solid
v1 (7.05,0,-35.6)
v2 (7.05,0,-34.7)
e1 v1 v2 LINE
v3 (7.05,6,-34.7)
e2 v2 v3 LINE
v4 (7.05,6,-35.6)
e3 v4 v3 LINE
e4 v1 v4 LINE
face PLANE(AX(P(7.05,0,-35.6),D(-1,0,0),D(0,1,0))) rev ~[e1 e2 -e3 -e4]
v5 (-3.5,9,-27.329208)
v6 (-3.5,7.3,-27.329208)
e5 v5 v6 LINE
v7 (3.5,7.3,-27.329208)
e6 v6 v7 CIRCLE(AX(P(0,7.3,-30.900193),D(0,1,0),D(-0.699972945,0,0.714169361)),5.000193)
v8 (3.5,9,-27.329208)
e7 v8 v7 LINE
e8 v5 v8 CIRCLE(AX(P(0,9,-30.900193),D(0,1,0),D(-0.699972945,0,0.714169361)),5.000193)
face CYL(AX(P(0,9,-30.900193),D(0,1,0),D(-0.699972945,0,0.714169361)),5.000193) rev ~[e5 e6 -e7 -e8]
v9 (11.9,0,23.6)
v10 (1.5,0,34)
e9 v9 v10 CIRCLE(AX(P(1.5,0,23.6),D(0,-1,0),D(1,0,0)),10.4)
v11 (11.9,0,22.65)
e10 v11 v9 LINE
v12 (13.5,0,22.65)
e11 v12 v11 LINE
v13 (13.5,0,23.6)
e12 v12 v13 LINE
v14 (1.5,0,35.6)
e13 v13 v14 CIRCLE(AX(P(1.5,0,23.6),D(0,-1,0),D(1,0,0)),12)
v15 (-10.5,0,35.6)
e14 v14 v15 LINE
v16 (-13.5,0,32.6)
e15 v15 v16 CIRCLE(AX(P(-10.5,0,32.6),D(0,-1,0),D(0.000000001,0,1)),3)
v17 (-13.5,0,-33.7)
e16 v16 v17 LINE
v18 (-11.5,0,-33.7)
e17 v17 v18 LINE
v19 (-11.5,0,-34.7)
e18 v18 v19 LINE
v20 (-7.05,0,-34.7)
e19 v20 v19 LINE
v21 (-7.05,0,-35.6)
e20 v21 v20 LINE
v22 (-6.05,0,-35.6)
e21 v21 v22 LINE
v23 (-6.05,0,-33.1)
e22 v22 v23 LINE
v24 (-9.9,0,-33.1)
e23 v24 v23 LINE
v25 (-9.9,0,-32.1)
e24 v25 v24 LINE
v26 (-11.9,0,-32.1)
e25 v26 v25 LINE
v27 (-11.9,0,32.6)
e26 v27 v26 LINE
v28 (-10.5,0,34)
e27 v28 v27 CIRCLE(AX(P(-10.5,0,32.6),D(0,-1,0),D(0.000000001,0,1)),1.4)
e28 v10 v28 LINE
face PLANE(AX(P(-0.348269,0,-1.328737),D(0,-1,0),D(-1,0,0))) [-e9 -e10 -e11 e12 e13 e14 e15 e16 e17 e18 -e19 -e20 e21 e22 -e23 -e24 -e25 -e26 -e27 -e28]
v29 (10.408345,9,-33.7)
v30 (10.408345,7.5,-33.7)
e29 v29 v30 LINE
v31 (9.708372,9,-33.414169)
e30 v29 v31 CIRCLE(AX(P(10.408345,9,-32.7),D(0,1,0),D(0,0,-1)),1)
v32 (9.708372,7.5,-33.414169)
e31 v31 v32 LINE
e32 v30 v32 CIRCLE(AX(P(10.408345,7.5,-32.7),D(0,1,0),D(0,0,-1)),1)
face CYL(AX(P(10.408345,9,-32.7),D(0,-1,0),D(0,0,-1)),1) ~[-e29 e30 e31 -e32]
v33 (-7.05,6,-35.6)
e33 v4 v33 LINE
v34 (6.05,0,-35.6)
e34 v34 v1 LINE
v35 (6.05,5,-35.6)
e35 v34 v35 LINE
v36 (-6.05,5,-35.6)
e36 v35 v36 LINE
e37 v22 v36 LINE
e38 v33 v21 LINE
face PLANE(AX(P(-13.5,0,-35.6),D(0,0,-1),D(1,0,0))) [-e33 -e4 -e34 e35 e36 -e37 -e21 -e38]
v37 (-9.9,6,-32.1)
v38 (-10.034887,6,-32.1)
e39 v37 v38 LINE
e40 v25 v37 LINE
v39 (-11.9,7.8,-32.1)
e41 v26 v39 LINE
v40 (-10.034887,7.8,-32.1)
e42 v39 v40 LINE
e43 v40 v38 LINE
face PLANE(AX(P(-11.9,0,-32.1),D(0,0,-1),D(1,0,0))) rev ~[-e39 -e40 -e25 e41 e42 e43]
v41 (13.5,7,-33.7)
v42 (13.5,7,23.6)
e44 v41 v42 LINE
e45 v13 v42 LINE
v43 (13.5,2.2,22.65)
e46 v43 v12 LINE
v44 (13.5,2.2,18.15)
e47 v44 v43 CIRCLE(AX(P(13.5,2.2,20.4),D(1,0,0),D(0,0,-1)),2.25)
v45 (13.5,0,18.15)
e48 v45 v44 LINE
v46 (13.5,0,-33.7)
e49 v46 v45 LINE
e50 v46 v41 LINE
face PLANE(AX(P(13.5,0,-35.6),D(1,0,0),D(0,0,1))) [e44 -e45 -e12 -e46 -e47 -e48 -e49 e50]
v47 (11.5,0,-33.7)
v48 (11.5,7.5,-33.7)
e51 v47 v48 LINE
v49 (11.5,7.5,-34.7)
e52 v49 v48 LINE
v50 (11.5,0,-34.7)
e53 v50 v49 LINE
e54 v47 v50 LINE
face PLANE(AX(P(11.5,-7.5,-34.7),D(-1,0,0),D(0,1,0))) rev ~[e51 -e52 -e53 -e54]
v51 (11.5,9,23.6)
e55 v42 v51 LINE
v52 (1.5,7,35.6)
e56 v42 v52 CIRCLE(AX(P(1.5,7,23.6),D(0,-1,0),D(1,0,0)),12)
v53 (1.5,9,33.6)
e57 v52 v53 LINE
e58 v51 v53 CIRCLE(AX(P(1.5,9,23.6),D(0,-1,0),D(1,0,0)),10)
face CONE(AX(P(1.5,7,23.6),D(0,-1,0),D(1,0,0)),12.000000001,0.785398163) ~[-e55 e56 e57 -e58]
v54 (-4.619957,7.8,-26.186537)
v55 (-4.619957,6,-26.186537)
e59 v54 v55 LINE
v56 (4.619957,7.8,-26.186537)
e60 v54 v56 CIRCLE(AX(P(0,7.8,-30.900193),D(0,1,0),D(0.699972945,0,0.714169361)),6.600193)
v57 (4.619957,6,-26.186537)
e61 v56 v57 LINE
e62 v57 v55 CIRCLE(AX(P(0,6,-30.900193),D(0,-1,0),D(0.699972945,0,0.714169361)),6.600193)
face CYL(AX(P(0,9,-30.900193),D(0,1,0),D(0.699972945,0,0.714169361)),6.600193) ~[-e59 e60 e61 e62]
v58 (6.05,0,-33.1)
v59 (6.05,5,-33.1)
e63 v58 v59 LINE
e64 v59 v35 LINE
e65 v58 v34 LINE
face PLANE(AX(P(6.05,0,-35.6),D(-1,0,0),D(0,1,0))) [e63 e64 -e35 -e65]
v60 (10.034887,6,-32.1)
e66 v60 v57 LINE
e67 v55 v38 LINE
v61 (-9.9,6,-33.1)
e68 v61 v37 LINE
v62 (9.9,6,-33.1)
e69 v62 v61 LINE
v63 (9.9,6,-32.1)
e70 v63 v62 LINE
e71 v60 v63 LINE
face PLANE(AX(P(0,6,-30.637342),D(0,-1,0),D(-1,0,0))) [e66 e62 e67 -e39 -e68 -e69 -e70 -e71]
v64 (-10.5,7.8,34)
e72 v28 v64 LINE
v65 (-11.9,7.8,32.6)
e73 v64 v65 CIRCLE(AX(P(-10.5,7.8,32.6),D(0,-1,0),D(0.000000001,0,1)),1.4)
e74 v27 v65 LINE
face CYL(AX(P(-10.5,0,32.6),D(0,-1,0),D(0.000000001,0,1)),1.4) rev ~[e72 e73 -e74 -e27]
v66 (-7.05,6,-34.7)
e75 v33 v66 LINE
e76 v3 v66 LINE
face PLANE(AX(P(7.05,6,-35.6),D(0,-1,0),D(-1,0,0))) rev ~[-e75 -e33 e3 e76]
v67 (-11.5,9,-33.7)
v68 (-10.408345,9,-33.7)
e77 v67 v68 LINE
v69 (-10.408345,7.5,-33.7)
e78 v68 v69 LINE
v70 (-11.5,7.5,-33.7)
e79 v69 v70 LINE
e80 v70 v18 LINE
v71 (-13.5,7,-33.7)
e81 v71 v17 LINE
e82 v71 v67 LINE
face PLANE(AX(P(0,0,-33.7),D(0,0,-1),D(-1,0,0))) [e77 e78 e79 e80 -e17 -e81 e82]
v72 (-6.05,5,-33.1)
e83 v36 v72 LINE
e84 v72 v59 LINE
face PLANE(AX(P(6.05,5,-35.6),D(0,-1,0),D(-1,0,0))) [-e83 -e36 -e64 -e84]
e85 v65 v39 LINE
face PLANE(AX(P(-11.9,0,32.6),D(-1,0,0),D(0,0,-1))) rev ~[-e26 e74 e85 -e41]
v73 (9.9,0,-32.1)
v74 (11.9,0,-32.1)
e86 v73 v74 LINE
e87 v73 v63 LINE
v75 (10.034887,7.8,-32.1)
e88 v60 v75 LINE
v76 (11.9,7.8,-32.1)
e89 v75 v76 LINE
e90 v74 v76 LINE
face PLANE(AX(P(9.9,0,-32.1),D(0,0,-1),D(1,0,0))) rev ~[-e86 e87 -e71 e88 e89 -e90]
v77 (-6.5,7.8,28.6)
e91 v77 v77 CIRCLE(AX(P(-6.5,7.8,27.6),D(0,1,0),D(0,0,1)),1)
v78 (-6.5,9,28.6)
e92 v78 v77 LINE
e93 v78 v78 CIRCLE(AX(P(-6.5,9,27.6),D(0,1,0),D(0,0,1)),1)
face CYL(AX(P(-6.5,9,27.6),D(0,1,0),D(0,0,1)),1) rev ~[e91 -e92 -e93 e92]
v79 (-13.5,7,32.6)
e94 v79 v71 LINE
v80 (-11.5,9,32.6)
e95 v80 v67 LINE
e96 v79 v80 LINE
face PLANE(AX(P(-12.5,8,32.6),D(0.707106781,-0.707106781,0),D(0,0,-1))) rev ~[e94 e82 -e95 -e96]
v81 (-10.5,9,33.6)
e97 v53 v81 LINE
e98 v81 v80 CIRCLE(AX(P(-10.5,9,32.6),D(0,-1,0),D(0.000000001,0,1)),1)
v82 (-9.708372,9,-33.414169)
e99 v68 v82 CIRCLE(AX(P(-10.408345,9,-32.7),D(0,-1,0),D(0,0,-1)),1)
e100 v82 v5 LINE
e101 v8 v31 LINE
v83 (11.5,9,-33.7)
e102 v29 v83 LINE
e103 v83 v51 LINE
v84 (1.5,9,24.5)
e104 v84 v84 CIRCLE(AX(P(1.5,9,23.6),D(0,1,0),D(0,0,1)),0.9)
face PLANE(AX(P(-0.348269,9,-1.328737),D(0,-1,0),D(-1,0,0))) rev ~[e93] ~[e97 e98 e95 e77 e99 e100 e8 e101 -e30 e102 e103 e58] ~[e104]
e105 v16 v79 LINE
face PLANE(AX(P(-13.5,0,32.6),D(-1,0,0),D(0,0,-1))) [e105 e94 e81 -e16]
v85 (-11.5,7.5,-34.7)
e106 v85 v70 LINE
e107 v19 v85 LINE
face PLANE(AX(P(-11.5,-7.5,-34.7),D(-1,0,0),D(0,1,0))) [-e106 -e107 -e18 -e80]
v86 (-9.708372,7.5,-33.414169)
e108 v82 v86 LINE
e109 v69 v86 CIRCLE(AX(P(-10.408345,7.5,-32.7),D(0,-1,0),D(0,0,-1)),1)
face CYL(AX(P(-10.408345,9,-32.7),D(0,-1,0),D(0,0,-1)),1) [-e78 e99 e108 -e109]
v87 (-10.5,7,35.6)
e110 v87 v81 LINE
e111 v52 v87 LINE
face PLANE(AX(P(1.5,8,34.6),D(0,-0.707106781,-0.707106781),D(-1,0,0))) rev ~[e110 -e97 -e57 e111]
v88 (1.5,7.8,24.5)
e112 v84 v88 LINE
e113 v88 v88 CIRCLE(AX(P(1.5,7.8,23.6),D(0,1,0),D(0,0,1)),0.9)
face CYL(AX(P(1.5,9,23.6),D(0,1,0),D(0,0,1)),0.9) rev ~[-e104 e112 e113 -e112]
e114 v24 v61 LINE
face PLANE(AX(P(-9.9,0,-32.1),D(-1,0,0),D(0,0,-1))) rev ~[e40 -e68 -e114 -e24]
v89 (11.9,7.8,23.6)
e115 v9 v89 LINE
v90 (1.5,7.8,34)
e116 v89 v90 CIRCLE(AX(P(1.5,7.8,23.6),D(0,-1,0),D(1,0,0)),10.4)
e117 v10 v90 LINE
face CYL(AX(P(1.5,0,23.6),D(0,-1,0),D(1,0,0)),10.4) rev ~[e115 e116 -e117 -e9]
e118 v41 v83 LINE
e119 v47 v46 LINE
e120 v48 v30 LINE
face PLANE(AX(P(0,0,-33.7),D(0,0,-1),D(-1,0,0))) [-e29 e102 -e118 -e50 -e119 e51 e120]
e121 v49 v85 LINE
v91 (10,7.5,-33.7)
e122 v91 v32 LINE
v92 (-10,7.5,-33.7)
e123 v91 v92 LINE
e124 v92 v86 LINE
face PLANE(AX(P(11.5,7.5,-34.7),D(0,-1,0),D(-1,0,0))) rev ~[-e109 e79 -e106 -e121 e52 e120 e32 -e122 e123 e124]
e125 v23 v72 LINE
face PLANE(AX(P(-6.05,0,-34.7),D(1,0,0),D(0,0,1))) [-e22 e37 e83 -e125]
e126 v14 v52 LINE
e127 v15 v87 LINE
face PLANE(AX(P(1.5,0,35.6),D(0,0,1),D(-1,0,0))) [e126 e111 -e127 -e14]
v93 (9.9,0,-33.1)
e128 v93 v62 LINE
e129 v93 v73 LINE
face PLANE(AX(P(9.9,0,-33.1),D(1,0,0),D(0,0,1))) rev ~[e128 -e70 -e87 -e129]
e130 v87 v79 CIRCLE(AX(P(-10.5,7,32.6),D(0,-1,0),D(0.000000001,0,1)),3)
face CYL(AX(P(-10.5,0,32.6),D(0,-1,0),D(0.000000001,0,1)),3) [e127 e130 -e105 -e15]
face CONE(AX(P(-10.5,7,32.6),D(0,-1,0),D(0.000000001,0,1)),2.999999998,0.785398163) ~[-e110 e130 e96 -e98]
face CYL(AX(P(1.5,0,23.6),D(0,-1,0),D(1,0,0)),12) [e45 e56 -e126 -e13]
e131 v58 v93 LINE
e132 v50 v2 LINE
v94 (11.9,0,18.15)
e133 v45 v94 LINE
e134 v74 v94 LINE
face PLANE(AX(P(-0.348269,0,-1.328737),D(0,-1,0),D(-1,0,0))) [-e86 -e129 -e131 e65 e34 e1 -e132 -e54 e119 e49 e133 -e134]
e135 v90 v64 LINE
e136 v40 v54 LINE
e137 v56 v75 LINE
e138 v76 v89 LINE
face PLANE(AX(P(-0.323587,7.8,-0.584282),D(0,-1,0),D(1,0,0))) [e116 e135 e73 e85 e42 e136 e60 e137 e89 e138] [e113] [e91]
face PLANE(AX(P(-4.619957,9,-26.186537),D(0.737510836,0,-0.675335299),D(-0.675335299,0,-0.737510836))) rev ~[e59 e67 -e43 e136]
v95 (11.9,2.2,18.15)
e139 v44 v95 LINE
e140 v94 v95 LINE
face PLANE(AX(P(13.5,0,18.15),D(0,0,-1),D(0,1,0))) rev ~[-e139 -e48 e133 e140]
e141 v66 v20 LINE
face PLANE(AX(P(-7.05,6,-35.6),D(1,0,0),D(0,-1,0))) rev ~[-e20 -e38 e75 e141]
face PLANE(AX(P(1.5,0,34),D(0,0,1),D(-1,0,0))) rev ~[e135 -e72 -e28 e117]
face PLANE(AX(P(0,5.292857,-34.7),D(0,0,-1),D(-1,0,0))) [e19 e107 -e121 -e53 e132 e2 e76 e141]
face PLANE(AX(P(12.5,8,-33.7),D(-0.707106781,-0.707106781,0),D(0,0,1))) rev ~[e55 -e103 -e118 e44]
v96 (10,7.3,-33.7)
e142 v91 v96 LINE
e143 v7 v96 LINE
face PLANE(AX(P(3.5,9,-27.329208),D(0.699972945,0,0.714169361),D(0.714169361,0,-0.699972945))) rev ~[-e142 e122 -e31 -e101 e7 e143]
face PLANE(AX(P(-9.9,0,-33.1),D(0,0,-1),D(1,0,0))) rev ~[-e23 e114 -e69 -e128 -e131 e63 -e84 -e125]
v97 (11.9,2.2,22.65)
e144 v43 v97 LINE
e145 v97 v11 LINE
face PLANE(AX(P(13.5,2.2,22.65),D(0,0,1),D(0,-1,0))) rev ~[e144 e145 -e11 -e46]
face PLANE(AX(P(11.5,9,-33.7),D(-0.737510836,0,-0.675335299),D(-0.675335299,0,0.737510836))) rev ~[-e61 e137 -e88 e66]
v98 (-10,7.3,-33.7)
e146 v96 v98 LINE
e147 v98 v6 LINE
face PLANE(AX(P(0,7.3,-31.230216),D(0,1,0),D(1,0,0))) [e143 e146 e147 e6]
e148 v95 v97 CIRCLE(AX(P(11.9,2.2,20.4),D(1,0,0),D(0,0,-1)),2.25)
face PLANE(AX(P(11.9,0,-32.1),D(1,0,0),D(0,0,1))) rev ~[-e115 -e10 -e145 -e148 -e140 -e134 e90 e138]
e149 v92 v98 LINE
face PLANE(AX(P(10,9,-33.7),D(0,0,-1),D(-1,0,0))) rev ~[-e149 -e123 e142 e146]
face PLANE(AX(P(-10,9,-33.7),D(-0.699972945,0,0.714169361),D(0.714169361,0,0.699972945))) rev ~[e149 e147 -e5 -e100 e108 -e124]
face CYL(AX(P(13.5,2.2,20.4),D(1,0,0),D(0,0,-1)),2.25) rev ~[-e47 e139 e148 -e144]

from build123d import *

# Parameters (mm, degrees)
EXTRUDE_1_DEPTH     = 9
SKETCH_2_W          = 12.1
SKETCH_2_H          = 5
CUT_EXTRUDE_1_DEPTH = 0.9
SKETCH_3_R          = 29.401854515
SKETCH_3_W          = 23
SKETCH_3_H          = 15
CUT_EXTRUDE_2_DEPTH = 1
CHAMFER_1_SIZE      = 2
CUT_EXTRUDE_4_DEPTH = 7.8
SKETCH_5_W          = 12.1
SKETCH_5_H          = 1.6
CUT_EXTRUDE_5_DEPTH = 5
SKETCH_6_R          = 1
SKETCH_6_R_2        = 0.9
CUT_EXTRUDE_6_DEPTH = 3
CUT_EXTRUDE_7_DEPTH = 3
EXTRUDE_2_DEPTH     = 3
CUT_EXTRUDE_9_DEPTH = 1.7
FILLET_1_R          = 1


with BuildPart() as part:
    # Эскиз1 → Бобышка-Вытянуть1 (new body)
    with BuildSketch(Plane(origin=(0, 0, 0), x_dir=(1, 0, 0), z_dir=(0, 1, 0))):
        with BuildLine():
            Line((-13.5, 35.6), (13.5, 35.6))
            Line((13.5, 35.6), (13.5, -23.6))
            ThreePointArc((13.5, -23.6), (9.985281374, -32.085281374), (1.5, -35.6))
            Line((1.5, -35.6), (-10.5, -35.6))
            ThreePointArc((-10.5, -35.6), (-12.621320344, -34.721320344), (-13.5, -32.6))
            Line((-13.5, -32.6), (-13.5, 35.6))
        make_face()
    extrude(amount=EXTRUDE_1_DEPTH)

    # Эскиз2 → Вырез-Вытянуть1 (cut)
    with BuildSketch(Plane(origin=(0, 0, -35.6), x_dir=(-1, 0, 0), z_dir=(0, 0, -1))):
        Polygon((7.05, 6), (7.05, 0), (13.5, 0), (13.5, 9), (-13.5, 9), (-13.5, 0), (-7.05, 0), (-7.05, 6), align=None)
        with Locations((0, 2.5)):
            Rectangle(SKETCH_2_W, SKETCH_2_H)
    extrude(amount=-CUT_EXTRUDE_1_DEPTH, mode=Mode.SUBTRACT)

    # Эскиз3 → Вырез-Вытянуть2 (cut)
    with BuildSketch(Plane(origin=(0, 0, -34.7), x_dir=(-1, 0, 0), z_dir=(0, 0, -1))):
        Circle(SKETCH_3_R)
        Rectangle(SKETCH_3_W, SKETCH_3_H, mode=Mode.SUBTRACT)
    extrude(amount=-CUT_EXTRUDE_2_DEPTH, mode=Mode.SUBTRACT)

    # Фаска1
    chamfer_1_edges = [part.edges().sort_by_distance(p)[0] for p in [
        (-4.5, 9, 35.6),
        (9.985281374, 9, 32.085281374),
        (13.5, 9, -5.05),
        (-13.5, 9, -0.55),
        (-12.621320344, 9, 34.721320344),
    ]]
    chamfer(chamfer_1_edges, length=CHAMFER_1_SIZE)

    # Эскиз4 → Вырез-Вытянуть4 (cut)
    with BuildSketch(Plane.XZ):
        with BuildLine():
            Line((9.9, -33.1), (9.9, -32.1))
            Line((9.9, -32.1), (11.9, -32.1))
            Line((11.9, -32.1), (11.9, 23.6))
            ThreePointArc((11.9, 23.6), (8.853910524, 30.953910524), (1.5, 34))
            Line((1.5, 34), (-10.5, 34))
            ThreePointArc((-10.5, 34), (-11.489949494, 33.589949494), (-11.9, 32.6))
            Line((-11.9, 32.6), (-11.9, -32.1))
            Line((-11.9, -32.1), (-9.9, -32.1))
            Line((-9.9, -32.1), (-9.9, -33.1))
            Line((-9.9, -33.1), (9.9, -33.1))
        make_face()
    extrude(amount=-CUT_EXTRUDE_4_DEPTH, mode=Mode.SUBTRACT)

    # Эскиз5 → Вырез-Вытянуть5 (cut)
    with BuildSketch(Plane.XZ):
        with Locations((0, -33.9)):
            Rectangle(SKETCH_5_W, SKETCH_5_H)
    extrude(amount=-CUT_EXTRUDE_5_DEPTH, mode=Mode.SUBTRACT)

    # Эскиз6 → Вырез-Вытянуть6 (cut)
    with BuildSketch(Plane(origin=(0, 9, 0), x_dir=(1, 0, 0), z_dir=(0, 1, 0))):
        with Locations(Location((-6.5, -27.6, 0), (0, 0, 270))):
            Circle(SKETCH_6_R)
        with Locations(Location((1.5, -23.6, 0), (0, 0, 270))):
            Circle(SKETCH_6_R_2)
    extrude(amount=-CUT_EXTRUDE_6_DEPTH, mode=Mode.SUBTRACT)

    # Эскиз8 → Вырез-Вытянуть7 (cut)
    with BuildSketch(Plane(origin=(13.5, 0, 0), x_dir=(0, 0, -1), z_dir=(1, 0, 0))):
        with BuildLine():
            Line((-22.65, 2.2), (-22.65, 0))
            Line((-22.65, 0), (-18.15, 0))
            Line((-18.15, 0), (-18.15, 2.2))
            ThreePointArc((-18.15, 2.2), (-20.4, 4.45), (-22.65, 2.2))
        make_face()
    extrude(amount=-CUT_EXTRUDE_7_DEPTH, mode=Mode.SUBTRACT)

    # Эскиз10 → Бобышка-Вытянуть2 (add)
    with BuildSketch(Plane(origin=(0, 9, 0), x_dir=(1, 0, 0), z_dir=(0, 1, 0))):
        with BuildLine():
            Line((-11.5, 33.7), (11.5, 33.7))
            Line((11.5, 33.7), (4.619956712, 26.186537456))
            ThreePointArc((4.619956712, 26.186537456), (0, 24.3), (-4.619956712, 26.186537456))
            Line((-4.619956712, 26.186537456), (-11.5, 33.7))
        make_face()
    extrude(amount=-EXTRUDE_2_DEPTH)

    # Эскиз9 → Вырез-Вытянуть9 (cut)
    with BuildSketch(Plane(origin=(0, 9, 0), x_dir=(1, 0, 0), z_dir=(0, 1, 0))):
        with BuildLine():
            Line((-10, 33.7), (-3.5, 27.329208434))
            ThreePointArc((-3.5, 27.329208434), (0, 25.9), (3.5, 27.329208434))
            Line((3.5, 27.329208434), (10, 33.7))
            Line((10, 33.7), (-10, 33.7))
        make_face()
    extrude(amount=-CUT_EXTRUDE_9_DEPTH, mode=Mode.SUBTRACT)

    # Скругление1
    fillet_1_edges = [part.edges().sort_by_distance(p)[0] for p in [
        (-10, 8.25, -33.7),
        (10, 8.25, -33.7),
    ]]
    fillet(fillet_1_edges, radius=FILLET_1_R)


solid = part.part
